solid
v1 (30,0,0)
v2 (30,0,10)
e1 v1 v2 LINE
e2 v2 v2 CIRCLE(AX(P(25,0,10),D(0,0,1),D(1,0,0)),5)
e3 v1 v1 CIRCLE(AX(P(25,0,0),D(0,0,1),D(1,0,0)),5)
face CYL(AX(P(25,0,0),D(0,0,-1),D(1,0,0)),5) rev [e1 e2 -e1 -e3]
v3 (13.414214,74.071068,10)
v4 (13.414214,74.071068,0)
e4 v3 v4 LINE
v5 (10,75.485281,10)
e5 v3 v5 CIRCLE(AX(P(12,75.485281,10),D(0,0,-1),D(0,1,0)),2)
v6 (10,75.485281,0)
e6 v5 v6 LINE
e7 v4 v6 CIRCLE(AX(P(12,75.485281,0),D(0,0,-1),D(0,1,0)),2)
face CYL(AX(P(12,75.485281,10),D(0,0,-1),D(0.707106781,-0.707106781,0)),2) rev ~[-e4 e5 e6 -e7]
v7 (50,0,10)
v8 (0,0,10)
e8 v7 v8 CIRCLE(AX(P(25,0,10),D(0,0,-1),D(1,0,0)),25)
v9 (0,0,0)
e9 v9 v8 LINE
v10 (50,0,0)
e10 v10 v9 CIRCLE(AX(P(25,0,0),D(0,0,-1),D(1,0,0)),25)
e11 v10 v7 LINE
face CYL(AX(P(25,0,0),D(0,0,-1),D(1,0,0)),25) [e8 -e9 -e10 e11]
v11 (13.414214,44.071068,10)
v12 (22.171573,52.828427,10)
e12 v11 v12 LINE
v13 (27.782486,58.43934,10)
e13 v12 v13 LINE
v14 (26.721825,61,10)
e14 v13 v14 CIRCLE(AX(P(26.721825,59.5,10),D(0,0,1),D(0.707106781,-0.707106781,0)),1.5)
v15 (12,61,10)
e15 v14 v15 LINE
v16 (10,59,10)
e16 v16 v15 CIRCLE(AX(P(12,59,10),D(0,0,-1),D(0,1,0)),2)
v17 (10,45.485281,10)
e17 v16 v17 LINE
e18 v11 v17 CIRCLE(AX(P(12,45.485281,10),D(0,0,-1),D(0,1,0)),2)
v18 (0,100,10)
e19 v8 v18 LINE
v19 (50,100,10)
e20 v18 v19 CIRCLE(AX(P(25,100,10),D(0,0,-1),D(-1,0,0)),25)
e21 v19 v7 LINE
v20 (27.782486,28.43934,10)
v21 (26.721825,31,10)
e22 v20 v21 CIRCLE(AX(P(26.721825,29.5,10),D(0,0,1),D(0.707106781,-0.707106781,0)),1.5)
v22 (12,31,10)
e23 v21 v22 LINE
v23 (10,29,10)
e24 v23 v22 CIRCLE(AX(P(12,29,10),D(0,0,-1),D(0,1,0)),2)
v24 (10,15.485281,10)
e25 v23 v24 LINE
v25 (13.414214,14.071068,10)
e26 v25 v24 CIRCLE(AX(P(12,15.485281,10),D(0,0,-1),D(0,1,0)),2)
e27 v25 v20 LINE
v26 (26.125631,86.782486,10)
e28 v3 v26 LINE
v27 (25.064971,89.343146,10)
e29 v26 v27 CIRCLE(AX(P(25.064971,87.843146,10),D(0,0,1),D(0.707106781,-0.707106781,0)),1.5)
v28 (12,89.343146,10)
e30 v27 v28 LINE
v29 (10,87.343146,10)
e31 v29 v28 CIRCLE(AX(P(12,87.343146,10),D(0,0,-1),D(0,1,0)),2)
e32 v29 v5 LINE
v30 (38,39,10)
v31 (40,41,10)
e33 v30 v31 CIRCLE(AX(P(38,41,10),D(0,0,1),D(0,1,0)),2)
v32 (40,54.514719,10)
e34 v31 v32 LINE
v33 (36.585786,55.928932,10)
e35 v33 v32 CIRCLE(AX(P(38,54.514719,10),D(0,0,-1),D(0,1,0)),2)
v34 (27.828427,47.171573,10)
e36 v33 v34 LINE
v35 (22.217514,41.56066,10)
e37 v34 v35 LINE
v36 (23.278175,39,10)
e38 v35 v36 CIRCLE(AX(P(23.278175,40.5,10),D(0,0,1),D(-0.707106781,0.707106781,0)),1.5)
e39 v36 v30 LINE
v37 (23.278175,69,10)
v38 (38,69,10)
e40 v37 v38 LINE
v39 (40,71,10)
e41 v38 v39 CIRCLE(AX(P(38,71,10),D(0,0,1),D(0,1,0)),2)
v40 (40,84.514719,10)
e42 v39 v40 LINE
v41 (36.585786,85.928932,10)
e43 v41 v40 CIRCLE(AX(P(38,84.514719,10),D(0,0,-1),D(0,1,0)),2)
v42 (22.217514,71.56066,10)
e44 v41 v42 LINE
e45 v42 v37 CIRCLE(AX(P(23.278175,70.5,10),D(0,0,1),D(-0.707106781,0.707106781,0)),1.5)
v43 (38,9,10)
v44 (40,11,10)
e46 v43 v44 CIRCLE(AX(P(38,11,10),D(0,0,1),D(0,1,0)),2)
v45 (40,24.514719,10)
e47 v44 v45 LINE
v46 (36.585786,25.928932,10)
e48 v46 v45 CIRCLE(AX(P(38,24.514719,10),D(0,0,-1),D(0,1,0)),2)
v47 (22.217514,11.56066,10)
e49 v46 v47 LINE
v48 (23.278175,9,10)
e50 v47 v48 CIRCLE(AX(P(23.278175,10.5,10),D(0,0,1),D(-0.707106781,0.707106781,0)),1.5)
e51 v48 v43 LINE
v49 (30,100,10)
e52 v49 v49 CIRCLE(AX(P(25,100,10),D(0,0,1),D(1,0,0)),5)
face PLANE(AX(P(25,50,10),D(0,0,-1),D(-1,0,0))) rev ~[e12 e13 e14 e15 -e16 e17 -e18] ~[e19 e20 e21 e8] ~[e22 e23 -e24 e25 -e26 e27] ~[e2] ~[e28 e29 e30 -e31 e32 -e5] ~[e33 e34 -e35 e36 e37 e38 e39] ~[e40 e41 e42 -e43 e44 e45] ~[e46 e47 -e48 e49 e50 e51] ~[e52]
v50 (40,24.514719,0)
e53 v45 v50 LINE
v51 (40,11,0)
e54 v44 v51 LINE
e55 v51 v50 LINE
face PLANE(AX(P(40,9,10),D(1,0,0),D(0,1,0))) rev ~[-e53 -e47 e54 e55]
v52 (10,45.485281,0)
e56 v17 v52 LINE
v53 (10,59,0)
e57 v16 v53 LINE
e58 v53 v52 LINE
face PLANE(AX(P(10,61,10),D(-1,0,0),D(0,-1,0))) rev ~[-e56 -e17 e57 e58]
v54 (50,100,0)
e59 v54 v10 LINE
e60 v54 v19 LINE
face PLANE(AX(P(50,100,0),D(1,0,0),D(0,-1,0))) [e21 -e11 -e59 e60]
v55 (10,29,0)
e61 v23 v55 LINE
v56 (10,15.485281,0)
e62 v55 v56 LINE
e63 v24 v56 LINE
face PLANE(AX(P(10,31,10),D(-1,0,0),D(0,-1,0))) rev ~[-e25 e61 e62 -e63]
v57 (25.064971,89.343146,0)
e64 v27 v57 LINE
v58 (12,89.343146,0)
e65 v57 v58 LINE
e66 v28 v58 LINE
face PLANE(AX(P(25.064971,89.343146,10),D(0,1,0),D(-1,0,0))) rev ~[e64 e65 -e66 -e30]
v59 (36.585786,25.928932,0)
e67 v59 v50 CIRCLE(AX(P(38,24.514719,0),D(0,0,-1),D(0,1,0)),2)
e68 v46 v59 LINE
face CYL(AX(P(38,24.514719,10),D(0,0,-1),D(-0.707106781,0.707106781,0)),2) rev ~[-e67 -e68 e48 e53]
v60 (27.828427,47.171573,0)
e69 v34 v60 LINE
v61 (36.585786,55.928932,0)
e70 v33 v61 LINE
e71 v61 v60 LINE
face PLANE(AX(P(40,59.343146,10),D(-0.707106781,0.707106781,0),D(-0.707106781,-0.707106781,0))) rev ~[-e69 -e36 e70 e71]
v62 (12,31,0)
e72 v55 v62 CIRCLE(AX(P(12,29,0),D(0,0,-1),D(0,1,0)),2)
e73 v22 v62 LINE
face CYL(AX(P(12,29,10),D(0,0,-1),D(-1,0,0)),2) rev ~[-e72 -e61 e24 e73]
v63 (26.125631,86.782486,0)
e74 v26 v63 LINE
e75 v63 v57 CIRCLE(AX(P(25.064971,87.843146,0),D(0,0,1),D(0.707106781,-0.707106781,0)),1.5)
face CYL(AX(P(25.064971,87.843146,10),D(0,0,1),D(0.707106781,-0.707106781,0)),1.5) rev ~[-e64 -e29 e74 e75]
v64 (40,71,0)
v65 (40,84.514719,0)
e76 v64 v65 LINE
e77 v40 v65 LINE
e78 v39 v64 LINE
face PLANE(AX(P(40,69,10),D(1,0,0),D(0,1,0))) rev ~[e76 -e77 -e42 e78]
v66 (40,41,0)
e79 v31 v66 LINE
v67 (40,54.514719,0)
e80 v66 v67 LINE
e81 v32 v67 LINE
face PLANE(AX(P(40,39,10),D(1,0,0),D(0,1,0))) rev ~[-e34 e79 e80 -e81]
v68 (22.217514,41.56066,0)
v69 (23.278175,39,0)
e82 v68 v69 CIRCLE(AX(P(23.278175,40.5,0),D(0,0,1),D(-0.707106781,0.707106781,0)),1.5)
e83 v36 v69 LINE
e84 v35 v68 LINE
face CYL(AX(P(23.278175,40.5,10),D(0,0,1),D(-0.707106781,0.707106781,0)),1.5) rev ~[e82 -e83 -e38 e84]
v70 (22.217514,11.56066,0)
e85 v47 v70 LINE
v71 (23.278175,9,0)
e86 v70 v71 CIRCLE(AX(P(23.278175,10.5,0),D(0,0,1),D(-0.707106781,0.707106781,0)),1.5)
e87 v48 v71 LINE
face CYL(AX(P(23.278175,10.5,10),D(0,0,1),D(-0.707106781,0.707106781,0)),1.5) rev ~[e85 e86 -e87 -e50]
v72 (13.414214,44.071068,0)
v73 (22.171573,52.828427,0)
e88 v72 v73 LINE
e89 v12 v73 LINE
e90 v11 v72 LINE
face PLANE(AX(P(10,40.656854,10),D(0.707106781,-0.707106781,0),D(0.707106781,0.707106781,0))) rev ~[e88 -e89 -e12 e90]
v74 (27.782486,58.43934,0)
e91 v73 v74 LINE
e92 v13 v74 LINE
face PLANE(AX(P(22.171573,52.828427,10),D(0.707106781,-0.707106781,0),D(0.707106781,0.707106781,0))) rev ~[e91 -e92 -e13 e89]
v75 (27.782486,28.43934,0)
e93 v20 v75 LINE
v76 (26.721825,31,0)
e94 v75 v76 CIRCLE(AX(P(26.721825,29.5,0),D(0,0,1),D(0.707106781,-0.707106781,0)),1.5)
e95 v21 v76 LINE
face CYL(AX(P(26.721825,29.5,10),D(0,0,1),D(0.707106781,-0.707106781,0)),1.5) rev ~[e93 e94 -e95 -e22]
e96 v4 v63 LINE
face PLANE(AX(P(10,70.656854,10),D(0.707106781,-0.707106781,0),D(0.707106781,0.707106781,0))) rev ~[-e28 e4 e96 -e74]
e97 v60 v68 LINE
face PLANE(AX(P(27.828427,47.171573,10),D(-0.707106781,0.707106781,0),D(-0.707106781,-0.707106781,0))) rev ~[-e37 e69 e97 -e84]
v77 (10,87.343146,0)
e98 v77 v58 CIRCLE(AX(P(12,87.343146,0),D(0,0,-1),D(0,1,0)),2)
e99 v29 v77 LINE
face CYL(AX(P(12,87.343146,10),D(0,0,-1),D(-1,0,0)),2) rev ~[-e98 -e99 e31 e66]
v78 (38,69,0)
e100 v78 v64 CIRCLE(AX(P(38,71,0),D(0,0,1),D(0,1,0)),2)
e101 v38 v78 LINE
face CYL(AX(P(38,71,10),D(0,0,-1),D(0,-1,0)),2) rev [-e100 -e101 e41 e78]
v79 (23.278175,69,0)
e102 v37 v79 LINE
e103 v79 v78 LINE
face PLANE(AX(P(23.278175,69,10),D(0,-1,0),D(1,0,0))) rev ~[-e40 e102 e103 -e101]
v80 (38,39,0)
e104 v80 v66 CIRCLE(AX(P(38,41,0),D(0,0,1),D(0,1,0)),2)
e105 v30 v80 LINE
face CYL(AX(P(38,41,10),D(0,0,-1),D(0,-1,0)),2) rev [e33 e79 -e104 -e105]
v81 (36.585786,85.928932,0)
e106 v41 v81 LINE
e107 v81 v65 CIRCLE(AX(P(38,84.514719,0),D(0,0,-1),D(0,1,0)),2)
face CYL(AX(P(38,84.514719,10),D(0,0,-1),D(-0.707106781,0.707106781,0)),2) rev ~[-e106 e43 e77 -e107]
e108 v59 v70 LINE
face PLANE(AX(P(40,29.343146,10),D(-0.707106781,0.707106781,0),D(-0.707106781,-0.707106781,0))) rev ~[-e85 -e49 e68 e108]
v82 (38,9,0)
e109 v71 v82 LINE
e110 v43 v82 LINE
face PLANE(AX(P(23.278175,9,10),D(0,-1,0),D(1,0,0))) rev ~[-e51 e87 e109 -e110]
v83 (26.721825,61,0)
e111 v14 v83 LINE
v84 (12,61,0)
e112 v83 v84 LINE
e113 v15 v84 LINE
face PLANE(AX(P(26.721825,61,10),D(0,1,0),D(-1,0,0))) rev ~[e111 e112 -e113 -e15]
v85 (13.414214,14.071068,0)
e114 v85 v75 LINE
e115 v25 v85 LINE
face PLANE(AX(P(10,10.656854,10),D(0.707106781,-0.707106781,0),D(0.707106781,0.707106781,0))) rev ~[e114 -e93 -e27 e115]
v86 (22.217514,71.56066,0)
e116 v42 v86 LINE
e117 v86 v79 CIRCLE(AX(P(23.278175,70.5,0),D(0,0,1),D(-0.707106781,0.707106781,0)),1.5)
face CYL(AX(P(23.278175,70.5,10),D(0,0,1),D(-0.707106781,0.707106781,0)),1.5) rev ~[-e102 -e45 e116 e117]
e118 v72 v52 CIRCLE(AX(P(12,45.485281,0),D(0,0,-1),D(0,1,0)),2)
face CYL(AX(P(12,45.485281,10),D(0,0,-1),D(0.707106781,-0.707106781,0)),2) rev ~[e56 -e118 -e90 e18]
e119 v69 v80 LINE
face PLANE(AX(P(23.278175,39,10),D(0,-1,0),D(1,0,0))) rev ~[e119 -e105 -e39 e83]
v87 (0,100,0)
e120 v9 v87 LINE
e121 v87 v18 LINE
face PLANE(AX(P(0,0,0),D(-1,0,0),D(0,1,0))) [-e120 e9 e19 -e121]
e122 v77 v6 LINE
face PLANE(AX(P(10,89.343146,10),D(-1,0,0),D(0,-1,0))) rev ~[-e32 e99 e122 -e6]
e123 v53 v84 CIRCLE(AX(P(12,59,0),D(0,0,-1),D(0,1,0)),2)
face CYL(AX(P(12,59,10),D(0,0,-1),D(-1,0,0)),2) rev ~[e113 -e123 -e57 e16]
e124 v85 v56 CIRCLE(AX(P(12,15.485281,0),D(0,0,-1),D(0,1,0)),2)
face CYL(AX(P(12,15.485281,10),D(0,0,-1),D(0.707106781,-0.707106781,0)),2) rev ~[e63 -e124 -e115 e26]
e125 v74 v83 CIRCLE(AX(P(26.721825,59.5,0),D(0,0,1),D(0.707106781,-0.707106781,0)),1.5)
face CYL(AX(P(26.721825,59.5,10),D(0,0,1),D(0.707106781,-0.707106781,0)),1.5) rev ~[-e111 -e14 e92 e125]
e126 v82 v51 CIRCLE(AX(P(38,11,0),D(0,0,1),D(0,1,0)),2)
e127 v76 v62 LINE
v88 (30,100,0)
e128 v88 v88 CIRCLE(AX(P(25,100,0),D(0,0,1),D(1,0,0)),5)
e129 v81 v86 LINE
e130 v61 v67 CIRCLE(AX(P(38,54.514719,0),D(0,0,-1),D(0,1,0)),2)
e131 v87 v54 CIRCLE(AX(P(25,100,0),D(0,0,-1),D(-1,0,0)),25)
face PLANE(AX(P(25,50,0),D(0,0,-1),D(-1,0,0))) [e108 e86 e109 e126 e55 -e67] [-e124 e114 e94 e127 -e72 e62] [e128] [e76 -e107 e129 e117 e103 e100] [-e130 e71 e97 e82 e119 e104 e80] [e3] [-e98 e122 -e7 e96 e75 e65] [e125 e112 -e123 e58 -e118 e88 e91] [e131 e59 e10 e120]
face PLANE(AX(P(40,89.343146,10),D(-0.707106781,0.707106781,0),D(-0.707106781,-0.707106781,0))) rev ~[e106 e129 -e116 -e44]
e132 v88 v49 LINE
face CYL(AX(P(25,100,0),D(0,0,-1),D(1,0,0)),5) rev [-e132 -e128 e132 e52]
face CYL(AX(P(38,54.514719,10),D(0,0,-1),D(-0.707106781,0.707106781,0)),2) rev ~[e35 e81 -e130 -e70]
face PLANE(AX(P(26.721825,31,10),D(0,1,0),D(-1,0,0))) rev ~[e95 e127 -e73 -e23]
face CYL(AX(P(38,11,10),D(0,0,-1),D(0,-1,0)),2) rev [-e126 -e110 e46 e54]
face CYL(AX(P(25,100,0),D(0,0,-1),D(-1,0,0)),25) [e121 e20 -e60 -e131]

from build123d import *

# Parameters (mm, degrees)
SKETCH1_R           = 5
BOSS_EXTRUDE1_DEPTH = 10
CUT_EXTRUDE2_DEPTH  = 10
FILLET1_R           = 2


with BuildPart() as part:
    # Sketch1 → Boss-Extrude1 (new body)
    # profile 1 of 2: a face of its own
    with BuildSketch(Plane.XY):
        with BuildLine():
            Line((0, 0), (0, 100))
            ThreePointArc((0, 100), (25, 125), (50, 100))
            Line((50, 100), (50, 0))
            ThreePointArc((50, 0), (25, -25), (0, 0))
        make_face()
        with BuildLine():
            ThreePointArc((15, 0), (25, -10), (35, 0))
            Line((35, 0), (35, 100))
            ThreePointArc((35, 100), (25, 110), (15, 100))
            Line((15, 100), (15, 0))
        make_face(mode=Mode.SUBTRACT)
    # profile 2 of 2: a face of its own
    with BuildSketch(Plane.XY):
        with BuildLine():
            Line((15, 0), (15, 100))
            ThreePointArc((15, 100), (25, 110), (35, 100))
            Line((35, 100), (35, 0))
            ThreePointArc((35, 0), (25, -10), (15, 0))
        make_face()
        with Locations((25, 0)):
            Circle(SKETCH1_R, mode=Mode.SUBTRACT)
        with Locations((25, 100)):
            Circle(SKETCH1_R, mode=Mode.SUBTRACT)
    extrude(amount=BOSS_EXTRUDE1_DEPTH)

    # Sketch2 → Cut-Extrude2 (cut)
    with BuildSketch(Plane.XY.offset(10)):
        with BuildLine():
            Line((25.064971157, 89.343145751), (10, 89.343145751))
            Line((10, 89.343145751), (10, 70.656854249))
            Line((10, 70.656854249), (26.125631329, 86.782485579))
            ThreePointArc((26.125631329, 86.782485579), (26.450790456, 88.417170899), (25.064971157, 89.343145751))
        make_face()
        with BuildLine():
            Line((40, 69), (40, 89.343145751))
            Line((40, 89.343145751), (22.217514421, 71.560660172))
            ThreePointArc((22.217514421, 71.560660172), (21.892355294, 69.925974851), (23.278174593, 69))
            Line((23.278174593, 69), (40, 69))
        make_face()
        with BuildLine():
            Line((26.721825407, 61), (10, 61))
            Line((10, 61), (10, 40.65685425))
            Line((10, 40.65685425), (22.171572875, 52.828427125))
            Line((22.171572875, 52.828427125), (27.782485579, 58.439339828))
            ThreePointArc((27.782485579, 58.439339828), (28.107644706, 60.074025149), (26.721825407, 61))
        make_face()
        with BuildLine():
            Line((40, 39), (40, 59.343145751))
            Line((40, 59.343145751), (27.828427125, 47.171572875))
            Line((27.828427125, 47.171572875), (22.217514421, 41.560660172))
            ThreePointArc((22.217514421, 41.560660172), (21.892355294, 39.925974852), (23.278174593, 39))
            Line((23.278174593, 39), (40, 39))
        make_face()
        with BuildLine():
            Line((26.721825408, 31.000000001), (10, 31.000000001))
            Line((10, 31.000000001), (10, 10.656854249))
            Line((10, 10.656854249), (27.782485579, 28.439339829))
            ThreePointArc((27.782485579, 28.439339829), (28.107644706, 30.074025149), (26.721825408, 31.000000001))
        make_face()
        with BuildLine():
            Line((40, 9), (40, 29.34314575))
            Line((40, 29.34314575), (22.217514422, 11.560660171))
            ThreePointArc((22.217514422, 11.560660171), (21.892355295, 9.925974851), (23.278174594, 9))
            Line((23.278174594, 9), (40, 9))
        make_face()
    extrude(amount=-CUT_EXTRUDE2_DEPTH, mode=Mode.SUBTRACT)

    # Fillet1
    fillet1_edges = [part.edges().sort_by_distance(p)[0] for p in [
        (10, 10.656854249, 5),
        (10, 31.000000001, 5),
        (40, 59.343145751, 5),
        (40, 39, 5),
        (10, 40.65685425, 5),
        (10, 61, 5),
        (40, 89.343145751, 5),
        (40, 69, 5),
        (40, 29.34314575, 5),
        (40, 9, 5),
        (10, 70.656854249, 5),
        (10, 89.343145751, 5),
    ]]
    fillet(fillet1_edges, radius=FILLET1_R)


solid = part.part
